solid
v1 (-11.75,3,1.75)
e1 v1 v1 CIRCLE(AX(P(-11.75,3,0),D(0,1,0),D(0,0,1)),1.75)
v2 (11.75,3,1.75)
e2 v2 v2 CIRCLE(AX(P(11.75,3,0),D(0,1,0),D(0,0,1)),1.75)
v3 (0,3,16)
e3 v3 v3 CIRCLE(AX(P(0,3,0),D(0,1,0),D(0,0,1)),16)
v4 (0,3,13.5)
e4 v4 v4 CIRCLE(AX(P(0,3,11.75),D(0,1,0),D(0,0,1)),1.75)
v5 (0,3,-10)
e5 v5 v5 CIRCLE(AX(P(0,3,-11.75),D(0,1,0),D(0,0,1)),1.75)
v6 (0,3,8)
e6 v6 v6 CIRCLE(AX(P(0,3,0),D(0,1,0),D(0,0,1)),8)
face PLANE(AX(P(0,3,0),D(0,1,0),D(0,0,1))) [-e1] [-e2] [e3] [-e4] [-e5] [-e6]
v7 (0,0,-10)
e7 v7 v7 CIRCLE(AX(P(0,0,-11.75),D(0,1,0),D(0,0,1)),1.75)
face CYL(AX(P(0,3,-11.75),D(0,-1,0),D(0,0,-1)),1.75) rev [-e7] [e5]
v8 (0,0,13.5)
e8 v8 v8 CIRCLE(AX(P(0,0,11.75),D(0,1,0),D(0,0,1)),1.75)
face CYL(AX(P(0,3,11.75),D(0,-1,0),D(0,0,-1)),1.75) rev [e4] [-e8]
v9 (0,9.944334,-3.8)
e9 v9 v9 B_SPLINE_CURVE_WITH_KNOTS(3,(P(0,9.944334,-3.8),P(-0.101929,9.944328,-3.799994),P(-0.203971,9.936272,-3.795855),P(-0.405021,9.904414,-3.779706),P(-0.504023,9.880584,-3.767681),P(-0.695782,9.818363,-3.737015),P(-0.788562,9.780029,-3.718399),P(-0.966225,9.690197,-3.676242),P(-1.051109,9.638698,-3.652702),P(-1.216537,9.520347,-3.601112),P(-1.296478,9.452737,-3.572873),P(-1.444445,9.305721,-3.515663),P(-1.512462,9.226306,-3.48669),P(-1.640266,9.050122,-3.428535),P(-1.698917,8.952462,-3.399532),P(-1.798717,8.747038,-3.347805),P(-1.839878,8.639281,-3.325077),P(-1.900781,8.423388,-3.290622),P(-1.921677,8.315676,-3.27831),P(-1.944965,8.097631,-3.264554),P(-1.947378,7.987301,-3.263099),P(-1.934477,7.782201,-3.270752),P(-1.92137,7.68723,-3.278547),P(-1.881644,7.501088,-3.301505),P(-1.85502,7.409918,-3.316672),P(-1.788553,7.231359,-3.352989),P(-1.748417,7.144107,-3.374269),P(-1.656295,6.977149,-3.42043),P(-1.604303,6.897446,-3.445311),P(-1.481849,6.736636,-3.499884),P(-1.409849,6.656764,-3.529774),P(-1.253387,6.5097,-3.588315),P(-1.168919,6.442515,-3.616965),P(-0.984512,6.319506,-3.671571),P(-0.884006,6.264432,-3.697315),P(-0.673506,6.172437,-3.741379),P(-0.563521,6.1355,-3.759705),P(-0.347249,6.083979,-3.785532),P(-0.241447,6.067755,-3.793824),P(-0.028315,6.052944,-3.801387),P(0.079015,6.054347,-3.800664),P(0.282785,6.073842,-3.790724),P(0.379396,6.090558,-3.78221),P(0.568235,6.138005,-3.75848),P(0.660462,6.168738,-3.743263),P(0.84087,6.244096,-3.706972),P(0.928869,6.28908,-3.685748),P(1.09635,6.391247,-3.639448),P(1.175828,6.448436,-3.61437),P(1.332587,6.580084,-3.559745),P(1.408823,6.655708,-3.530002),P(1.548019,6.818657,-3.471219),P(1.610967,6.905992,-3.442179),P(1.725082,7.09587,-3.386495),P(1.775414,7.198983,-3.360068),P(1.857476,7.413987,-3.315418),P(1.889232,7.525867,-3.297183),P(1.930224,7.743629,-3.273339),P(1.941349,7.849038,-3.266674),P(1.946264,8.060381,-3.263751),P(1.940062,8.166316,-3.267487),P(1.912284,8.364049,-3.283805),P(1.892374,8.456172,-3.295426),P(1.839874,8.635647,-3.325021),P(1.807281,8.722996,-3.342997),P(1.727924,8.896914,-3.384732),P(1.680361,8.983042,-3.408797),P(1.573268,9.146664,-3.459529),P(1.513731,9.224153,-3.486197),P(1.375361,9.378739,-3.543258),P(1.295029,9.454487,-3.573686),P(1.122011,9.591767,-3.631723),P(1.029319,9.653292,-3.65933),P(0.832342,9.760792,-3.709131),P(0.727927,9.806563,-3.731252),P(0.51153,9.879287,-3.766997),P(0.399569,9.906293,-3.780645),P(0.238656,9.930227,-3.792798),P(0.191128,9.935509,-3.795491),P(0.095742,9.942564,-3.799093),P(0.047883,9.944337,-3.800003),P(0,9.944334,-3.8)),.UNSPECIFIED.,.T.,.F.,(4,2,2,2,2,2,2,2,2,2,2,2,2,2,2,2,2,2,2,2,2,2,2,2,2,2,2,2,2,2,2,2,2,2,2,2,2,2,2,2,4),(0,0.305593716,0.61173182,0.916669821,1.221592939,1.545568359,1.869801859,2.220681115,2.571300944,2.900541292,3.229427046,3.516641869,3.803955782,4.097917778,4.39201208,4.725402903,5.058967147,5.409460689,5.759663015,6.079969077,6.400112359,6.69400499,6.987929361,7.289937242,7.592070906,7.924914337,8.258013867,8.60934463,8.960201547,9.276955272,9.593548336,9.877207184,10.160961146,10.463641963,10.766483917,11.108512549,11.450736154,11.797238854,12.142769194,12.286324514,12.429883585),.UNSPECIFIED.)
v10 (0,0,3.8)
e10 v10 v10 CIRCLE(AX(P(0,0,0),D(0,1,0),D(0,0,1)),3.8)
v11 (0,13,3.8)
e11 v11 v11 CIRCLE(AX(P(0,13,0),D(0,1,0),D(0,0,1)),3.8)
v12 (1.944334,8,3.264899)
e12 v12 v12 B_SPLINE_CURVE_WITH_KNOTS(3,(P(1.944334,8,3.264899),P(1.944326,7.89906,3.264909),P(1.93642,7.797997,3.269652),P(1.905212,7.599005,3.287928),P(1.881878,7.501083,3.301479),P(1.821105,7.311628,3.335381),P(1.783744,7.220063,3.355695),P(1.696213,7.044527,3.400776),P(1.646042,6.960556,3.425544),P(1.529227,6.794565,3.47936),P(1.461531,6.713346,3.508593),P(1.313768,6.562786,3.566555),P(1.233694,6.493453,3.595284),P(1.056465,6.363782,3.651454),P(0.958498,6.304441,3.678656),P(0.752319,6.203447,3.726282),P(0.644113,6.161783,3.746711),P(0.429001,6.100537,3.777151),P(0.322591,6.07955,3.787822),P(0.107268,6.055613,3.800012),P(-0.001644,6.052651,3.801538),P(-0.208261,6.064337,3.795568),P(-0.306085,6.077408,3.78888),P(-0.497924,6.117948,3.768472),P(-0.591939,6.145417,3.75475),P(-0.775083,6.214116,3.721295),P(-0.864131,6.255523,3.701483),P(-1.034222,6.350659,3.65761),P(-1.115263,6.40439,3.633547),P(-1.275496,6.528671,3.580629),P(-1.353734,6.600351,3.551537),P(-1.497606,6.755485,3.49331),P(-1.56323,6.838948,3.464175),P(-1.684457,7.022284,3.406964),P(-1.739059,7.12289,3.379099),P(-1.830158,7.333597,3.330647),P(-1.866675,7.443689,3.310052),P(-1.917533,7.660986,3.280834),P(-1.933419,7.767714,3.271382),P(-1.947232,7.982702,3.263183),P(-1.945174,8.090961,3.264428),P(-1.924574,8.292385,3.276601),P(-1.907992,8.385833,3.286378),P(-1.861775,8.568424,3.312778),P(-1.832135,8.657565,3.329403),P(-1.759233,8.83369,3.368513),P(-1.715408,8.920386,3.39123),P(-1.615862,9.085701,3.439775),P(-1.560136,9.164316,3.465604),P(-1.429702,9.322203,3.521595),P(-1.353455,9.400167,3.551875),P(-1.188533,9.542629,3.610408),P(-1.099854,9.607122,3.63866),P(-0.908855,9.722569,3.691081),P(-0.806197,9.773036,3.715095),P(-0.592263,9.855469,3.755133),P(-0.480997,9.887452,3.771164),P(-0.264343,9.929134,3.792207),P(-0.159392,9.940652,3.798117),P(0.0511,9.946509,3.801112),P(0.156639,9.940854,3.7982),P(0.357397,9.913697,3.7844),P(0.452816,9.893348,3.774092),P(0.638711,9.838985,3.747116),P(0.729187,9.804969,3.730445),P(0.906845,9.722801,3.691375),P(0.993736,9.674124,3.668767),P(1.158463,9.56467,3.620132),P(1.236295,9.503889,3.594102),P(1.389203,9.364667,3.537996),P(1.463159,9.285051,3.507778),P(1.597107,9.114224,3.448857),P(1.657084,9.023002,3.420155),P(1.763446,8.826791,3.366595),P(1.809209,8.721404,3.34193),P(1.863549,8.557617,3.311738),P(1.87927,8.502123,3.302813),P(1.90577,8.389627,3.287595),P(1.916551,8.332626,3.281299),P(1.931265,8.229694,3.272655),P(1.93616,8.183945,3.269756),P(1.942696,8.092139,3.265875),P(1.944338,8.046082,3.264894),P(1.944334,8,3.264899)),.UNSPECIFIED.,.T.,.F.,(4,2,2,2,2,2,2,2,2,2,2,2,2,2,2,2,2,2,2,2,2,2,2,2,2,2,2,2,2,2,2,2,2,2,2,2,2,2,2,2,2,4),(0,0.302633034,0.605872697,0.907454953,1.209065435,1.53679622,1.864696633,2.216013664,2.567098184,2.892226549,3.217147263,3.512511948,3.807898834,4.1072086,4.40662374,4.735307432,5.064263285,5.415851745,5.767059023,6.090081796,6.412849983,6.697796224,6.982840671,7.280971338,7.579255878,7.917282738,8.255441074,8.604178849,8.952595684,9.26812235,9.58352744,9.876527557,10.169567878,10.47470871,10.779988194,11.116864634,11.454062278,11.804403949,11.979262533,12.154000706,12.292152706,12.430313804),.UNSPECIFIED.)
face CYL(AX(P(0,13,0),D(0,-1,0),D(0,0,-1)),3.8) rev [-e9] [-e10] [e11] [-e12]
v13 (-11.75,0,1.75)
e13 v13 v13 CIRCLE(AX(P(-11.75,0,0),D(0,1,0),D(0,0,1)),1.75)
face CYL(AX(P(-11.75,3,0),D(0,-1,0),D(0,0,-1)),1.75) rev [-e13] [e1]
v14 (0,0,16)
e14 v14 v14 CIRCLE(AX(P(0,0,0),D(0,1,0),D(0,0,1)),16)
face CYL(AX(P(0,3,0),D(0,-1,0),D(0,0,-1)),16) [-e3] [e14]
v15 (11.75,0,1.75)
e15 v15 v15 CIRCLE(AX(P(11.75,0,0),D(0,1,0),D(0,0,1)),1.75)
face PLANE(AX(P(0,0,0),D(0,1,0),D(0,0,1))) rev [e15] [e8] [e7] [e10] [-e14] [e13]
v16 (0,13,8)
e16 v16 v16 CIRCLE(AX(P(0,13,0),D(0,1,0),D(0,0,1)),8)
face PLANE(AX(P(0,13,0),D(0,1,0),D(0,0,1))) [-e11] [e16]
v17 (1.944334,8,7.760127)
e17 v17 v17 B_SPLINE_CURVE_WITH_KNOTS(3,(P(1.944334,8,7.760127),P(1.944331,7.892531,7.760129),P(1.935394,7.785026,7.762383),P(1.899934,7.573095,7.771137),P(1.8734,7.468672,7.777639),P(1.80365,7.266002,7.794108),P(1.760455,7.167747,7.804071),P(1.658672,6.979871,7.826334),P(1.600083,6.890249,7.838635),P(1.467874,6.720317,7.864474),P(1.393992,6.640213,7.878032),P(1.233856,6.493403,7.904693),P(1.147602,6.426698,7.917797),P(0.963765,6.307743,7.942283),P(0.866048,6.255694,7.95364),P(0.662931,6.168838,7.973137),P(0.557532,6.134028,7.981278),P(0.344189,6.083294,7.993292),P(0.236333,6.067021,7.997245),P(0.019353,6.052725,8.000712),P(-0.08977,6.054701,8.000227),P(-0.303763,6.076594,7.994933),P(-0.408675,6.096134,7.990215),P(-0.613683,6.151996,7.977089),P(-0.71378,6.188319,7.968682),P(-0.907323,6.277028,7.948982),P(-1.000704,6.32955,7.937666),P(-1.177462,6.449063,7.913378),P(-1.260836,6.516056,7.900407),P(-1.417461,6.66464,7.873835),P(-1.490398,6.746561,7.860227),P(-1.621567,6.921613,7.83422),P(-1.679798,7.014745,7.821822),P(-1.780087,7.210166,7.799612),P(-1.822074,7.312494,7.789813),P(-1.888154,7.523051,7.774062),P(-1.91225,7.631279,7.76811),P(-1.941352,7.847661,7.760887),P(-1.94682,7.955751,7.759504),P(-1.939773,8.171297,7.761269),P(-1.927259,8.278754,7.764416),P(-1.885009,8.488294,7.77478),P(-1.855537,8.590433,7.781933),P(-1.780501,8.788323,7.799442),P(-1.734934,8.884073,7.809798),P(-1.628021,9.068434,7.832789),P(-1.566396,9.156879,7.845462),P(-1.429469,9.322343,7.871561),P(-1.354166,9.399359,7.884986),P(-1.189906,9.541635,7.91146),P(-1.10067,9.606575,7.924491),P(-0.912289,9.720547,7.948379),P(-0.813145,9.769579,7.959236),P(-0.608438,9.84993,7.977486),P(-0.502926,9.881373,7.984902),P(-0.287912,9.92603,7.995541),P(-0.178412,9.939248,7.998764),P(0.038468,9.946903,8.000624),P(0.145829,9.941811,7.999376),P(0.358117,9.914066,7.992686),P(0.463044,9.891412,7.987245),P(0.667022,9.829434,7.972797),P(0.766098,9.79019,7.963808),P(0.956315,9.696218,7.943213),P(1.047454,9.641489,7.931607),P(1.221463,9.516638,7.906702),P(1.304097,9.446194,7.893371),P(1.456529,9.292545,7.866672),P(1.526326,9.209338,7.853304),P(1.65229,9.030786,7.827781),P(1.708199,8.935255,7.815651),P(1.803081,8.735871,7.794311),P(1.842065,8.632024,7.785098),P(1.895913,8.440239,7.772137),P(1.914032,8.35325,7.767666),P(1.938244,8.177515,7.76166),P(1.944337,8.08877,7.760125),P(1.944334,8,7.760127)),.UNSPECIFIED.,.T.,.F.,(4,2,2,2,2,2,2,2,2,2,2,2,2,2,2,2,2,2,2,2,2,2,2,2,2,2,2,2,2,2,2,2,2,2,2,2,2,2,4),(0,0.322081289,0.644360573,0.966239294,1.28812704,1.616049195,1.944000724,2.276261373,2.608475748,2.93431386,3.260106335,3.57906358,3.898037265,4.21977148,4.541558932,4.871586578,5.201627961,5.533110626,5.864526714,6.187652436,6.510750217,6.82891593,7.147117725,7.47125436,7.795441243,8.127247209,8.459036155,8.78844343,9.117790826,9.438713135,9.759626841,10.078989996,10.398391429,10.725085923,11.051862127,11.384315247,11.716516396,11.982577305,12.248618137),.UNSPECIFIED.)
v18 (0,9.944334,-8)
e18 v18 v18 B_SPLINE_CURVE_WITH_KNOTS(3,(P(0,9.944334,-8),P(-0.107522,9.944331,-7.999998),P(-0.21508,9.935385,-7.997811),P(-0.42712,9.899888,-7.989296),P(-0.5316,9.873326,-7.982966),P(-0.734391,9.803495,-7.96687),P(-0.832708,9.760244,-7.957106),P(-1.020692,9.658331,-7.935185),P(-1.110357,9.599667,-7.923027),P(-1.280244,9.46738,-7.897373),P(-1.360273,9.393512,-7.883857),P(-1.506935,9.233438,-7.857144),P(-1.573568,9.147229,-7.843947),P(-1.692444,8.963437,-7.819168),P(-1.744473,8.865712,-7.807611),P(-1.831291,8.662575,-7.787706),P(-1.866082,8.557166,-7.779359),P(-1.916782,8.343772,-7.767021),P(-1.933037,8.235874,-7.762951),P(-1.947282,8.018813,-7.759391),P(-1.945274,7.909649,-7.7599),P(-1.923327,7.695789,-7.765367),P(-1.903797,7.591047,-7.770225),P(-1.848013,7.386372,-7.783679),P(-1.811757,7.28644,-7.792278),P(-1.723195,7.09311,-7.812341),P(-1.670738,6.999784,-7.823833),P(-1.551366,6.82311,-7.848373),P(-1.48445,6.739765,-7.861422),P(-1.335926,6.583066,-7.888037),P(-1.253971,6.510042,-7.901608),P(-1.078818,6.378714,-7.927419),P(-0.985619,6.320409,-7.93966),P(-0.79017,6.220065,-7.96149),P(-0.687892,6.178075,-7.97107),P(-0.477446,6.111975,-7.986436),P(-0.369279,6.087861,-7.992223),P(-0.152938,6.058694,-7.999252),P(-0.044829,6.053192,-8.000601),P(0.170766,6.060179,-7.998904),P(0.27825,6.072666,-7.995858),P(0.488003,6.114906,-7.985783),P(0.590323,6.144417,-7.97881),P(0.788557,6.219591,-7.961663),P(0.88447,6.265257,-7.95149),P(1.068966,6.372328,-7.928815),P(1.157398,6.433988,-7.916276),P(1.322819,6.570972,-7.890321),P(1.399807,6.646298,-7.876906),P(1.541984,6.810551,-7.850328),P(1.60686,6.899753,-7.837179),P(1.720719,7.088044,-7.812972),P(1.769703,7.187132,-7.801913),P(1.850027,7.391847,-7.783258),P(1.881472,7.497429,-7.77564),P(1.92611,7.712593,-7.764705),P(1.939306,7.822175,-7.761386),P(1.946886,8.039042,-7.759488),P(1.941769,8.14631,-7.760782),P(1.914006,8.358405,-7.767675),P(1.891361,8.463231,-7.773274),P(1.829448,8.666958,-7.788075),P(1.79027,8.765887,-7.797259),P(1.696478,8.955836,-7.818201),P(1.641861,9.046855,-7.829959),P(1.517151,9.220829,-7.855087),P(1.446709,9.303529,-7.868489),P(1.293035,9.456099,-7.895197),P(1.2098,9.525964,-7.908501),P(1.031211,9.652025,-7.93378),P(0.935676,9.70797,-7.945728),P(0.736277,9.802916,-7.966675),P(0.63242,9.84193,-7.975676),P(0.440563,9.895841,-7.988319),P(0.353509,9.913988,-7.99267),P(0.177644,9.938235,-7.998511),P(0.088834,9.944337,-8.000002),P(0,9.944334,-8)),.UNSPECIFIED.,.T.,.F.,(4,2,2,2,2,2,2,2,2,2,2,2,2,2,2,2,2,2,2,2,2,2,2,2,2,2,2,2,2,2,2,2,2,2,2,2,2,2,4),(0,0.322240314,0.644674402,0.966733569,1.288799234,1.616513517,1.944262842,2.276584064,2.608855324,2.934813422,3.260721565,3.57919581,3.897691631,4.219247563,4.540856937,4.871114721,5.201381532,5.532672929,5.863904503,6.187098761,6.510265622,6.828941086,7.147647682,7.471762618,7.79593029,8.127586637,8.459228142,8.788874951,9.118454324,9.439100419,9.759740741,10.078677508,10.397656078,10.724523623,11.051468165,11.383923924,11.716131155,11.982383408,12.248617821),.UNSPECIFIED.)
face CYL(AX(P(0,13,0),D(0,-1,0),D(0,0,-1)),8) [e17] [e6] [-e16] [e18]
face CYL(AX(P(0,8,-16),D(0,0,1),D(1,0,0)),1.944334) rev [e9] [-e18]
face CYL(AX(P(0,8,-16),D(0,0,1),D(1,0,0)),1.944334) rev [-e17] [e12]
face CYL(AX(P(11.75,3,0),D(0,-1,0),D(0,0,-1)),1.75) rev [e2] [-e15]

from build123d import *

# Parameters (mm, degrees)
SKETCH1_R               = 16
SKETCH1_R_2             = 1.75
SKETCH1_R_3             = 8
BOSS_EXTRUDE1_DEPTH     = 3
SKETCH1_3_R             = 8
SKETCH1_3_R_2           = 3.8
BOSS_EXTRUDE2_DEPTH     = 13
SKETCH2_R               = 1.944334414
CUT_EXTRUDE1_DEPTH      = 17
CUT_EXTRUDE1_DEPTH_BACK = 17


with BuildPart() as part:
    # Sketch1 → Boss-Extrude1 (new body)
    with BuildSketch(Plane(origin=(0, 0, 0), x_dir=(1, 0, 0), z_dir=(0, 1, 0))):
        Circle(SKETCH1_R)
        with Locations((-11.75, 0)):
            Circle(SKETCH1_R_2, mode=Mode.SUBTRACT)
        with Locations((0, -11.75)):
            Circle(SKETCH1_R_2, mode=Mode.SUBTRACT)
        with Locations((11.75, 0)):
            Circle(SKETCH1_R_2, mode=Mode.SUBTRACT)
        with Locations((0, 11.75)):
            Circle(SKETCH1_R_2, mode=Mode.SUBTRACT)
        Circle(SKETCH1_R_3, mode=Mode.SUBTRACT)
    extrude(amount=BOSS_EXTRUDE1_DEPTH)

    # Sketch1<3> → Boss-Extrude2 (add)
    with BuildSketch(Plane(origin=(0, 0, 0), x_dir=(1, 0, 0), z_dir=(0, 1, 0))):
        Circle(SKETCH1_3_R)
        Circle(SKETCH1_3_R_2, mode=Mode.SUBTRACT)
    extrude(amount=BOSS_EXTRUDE2_DEPTH)

    # Sketch2 → Cut-Extrude1 (cut, two sides)
    with BuildSketch(Plane.XY) as cut_extrude1_sk:
        with Locations((0, 8)):
            Circle(SKETCH2_R)
    extrude(amount=CUT_EXTRUDE1_DEPTH, mode=Mode.SUBTRACT)
    extrude(cut_extrude1_sk.sketch, amount=-CUT_EXTRUDE1_DEPTH_BACK, mode=Mode.SUBTRACT)


solid = part.part
